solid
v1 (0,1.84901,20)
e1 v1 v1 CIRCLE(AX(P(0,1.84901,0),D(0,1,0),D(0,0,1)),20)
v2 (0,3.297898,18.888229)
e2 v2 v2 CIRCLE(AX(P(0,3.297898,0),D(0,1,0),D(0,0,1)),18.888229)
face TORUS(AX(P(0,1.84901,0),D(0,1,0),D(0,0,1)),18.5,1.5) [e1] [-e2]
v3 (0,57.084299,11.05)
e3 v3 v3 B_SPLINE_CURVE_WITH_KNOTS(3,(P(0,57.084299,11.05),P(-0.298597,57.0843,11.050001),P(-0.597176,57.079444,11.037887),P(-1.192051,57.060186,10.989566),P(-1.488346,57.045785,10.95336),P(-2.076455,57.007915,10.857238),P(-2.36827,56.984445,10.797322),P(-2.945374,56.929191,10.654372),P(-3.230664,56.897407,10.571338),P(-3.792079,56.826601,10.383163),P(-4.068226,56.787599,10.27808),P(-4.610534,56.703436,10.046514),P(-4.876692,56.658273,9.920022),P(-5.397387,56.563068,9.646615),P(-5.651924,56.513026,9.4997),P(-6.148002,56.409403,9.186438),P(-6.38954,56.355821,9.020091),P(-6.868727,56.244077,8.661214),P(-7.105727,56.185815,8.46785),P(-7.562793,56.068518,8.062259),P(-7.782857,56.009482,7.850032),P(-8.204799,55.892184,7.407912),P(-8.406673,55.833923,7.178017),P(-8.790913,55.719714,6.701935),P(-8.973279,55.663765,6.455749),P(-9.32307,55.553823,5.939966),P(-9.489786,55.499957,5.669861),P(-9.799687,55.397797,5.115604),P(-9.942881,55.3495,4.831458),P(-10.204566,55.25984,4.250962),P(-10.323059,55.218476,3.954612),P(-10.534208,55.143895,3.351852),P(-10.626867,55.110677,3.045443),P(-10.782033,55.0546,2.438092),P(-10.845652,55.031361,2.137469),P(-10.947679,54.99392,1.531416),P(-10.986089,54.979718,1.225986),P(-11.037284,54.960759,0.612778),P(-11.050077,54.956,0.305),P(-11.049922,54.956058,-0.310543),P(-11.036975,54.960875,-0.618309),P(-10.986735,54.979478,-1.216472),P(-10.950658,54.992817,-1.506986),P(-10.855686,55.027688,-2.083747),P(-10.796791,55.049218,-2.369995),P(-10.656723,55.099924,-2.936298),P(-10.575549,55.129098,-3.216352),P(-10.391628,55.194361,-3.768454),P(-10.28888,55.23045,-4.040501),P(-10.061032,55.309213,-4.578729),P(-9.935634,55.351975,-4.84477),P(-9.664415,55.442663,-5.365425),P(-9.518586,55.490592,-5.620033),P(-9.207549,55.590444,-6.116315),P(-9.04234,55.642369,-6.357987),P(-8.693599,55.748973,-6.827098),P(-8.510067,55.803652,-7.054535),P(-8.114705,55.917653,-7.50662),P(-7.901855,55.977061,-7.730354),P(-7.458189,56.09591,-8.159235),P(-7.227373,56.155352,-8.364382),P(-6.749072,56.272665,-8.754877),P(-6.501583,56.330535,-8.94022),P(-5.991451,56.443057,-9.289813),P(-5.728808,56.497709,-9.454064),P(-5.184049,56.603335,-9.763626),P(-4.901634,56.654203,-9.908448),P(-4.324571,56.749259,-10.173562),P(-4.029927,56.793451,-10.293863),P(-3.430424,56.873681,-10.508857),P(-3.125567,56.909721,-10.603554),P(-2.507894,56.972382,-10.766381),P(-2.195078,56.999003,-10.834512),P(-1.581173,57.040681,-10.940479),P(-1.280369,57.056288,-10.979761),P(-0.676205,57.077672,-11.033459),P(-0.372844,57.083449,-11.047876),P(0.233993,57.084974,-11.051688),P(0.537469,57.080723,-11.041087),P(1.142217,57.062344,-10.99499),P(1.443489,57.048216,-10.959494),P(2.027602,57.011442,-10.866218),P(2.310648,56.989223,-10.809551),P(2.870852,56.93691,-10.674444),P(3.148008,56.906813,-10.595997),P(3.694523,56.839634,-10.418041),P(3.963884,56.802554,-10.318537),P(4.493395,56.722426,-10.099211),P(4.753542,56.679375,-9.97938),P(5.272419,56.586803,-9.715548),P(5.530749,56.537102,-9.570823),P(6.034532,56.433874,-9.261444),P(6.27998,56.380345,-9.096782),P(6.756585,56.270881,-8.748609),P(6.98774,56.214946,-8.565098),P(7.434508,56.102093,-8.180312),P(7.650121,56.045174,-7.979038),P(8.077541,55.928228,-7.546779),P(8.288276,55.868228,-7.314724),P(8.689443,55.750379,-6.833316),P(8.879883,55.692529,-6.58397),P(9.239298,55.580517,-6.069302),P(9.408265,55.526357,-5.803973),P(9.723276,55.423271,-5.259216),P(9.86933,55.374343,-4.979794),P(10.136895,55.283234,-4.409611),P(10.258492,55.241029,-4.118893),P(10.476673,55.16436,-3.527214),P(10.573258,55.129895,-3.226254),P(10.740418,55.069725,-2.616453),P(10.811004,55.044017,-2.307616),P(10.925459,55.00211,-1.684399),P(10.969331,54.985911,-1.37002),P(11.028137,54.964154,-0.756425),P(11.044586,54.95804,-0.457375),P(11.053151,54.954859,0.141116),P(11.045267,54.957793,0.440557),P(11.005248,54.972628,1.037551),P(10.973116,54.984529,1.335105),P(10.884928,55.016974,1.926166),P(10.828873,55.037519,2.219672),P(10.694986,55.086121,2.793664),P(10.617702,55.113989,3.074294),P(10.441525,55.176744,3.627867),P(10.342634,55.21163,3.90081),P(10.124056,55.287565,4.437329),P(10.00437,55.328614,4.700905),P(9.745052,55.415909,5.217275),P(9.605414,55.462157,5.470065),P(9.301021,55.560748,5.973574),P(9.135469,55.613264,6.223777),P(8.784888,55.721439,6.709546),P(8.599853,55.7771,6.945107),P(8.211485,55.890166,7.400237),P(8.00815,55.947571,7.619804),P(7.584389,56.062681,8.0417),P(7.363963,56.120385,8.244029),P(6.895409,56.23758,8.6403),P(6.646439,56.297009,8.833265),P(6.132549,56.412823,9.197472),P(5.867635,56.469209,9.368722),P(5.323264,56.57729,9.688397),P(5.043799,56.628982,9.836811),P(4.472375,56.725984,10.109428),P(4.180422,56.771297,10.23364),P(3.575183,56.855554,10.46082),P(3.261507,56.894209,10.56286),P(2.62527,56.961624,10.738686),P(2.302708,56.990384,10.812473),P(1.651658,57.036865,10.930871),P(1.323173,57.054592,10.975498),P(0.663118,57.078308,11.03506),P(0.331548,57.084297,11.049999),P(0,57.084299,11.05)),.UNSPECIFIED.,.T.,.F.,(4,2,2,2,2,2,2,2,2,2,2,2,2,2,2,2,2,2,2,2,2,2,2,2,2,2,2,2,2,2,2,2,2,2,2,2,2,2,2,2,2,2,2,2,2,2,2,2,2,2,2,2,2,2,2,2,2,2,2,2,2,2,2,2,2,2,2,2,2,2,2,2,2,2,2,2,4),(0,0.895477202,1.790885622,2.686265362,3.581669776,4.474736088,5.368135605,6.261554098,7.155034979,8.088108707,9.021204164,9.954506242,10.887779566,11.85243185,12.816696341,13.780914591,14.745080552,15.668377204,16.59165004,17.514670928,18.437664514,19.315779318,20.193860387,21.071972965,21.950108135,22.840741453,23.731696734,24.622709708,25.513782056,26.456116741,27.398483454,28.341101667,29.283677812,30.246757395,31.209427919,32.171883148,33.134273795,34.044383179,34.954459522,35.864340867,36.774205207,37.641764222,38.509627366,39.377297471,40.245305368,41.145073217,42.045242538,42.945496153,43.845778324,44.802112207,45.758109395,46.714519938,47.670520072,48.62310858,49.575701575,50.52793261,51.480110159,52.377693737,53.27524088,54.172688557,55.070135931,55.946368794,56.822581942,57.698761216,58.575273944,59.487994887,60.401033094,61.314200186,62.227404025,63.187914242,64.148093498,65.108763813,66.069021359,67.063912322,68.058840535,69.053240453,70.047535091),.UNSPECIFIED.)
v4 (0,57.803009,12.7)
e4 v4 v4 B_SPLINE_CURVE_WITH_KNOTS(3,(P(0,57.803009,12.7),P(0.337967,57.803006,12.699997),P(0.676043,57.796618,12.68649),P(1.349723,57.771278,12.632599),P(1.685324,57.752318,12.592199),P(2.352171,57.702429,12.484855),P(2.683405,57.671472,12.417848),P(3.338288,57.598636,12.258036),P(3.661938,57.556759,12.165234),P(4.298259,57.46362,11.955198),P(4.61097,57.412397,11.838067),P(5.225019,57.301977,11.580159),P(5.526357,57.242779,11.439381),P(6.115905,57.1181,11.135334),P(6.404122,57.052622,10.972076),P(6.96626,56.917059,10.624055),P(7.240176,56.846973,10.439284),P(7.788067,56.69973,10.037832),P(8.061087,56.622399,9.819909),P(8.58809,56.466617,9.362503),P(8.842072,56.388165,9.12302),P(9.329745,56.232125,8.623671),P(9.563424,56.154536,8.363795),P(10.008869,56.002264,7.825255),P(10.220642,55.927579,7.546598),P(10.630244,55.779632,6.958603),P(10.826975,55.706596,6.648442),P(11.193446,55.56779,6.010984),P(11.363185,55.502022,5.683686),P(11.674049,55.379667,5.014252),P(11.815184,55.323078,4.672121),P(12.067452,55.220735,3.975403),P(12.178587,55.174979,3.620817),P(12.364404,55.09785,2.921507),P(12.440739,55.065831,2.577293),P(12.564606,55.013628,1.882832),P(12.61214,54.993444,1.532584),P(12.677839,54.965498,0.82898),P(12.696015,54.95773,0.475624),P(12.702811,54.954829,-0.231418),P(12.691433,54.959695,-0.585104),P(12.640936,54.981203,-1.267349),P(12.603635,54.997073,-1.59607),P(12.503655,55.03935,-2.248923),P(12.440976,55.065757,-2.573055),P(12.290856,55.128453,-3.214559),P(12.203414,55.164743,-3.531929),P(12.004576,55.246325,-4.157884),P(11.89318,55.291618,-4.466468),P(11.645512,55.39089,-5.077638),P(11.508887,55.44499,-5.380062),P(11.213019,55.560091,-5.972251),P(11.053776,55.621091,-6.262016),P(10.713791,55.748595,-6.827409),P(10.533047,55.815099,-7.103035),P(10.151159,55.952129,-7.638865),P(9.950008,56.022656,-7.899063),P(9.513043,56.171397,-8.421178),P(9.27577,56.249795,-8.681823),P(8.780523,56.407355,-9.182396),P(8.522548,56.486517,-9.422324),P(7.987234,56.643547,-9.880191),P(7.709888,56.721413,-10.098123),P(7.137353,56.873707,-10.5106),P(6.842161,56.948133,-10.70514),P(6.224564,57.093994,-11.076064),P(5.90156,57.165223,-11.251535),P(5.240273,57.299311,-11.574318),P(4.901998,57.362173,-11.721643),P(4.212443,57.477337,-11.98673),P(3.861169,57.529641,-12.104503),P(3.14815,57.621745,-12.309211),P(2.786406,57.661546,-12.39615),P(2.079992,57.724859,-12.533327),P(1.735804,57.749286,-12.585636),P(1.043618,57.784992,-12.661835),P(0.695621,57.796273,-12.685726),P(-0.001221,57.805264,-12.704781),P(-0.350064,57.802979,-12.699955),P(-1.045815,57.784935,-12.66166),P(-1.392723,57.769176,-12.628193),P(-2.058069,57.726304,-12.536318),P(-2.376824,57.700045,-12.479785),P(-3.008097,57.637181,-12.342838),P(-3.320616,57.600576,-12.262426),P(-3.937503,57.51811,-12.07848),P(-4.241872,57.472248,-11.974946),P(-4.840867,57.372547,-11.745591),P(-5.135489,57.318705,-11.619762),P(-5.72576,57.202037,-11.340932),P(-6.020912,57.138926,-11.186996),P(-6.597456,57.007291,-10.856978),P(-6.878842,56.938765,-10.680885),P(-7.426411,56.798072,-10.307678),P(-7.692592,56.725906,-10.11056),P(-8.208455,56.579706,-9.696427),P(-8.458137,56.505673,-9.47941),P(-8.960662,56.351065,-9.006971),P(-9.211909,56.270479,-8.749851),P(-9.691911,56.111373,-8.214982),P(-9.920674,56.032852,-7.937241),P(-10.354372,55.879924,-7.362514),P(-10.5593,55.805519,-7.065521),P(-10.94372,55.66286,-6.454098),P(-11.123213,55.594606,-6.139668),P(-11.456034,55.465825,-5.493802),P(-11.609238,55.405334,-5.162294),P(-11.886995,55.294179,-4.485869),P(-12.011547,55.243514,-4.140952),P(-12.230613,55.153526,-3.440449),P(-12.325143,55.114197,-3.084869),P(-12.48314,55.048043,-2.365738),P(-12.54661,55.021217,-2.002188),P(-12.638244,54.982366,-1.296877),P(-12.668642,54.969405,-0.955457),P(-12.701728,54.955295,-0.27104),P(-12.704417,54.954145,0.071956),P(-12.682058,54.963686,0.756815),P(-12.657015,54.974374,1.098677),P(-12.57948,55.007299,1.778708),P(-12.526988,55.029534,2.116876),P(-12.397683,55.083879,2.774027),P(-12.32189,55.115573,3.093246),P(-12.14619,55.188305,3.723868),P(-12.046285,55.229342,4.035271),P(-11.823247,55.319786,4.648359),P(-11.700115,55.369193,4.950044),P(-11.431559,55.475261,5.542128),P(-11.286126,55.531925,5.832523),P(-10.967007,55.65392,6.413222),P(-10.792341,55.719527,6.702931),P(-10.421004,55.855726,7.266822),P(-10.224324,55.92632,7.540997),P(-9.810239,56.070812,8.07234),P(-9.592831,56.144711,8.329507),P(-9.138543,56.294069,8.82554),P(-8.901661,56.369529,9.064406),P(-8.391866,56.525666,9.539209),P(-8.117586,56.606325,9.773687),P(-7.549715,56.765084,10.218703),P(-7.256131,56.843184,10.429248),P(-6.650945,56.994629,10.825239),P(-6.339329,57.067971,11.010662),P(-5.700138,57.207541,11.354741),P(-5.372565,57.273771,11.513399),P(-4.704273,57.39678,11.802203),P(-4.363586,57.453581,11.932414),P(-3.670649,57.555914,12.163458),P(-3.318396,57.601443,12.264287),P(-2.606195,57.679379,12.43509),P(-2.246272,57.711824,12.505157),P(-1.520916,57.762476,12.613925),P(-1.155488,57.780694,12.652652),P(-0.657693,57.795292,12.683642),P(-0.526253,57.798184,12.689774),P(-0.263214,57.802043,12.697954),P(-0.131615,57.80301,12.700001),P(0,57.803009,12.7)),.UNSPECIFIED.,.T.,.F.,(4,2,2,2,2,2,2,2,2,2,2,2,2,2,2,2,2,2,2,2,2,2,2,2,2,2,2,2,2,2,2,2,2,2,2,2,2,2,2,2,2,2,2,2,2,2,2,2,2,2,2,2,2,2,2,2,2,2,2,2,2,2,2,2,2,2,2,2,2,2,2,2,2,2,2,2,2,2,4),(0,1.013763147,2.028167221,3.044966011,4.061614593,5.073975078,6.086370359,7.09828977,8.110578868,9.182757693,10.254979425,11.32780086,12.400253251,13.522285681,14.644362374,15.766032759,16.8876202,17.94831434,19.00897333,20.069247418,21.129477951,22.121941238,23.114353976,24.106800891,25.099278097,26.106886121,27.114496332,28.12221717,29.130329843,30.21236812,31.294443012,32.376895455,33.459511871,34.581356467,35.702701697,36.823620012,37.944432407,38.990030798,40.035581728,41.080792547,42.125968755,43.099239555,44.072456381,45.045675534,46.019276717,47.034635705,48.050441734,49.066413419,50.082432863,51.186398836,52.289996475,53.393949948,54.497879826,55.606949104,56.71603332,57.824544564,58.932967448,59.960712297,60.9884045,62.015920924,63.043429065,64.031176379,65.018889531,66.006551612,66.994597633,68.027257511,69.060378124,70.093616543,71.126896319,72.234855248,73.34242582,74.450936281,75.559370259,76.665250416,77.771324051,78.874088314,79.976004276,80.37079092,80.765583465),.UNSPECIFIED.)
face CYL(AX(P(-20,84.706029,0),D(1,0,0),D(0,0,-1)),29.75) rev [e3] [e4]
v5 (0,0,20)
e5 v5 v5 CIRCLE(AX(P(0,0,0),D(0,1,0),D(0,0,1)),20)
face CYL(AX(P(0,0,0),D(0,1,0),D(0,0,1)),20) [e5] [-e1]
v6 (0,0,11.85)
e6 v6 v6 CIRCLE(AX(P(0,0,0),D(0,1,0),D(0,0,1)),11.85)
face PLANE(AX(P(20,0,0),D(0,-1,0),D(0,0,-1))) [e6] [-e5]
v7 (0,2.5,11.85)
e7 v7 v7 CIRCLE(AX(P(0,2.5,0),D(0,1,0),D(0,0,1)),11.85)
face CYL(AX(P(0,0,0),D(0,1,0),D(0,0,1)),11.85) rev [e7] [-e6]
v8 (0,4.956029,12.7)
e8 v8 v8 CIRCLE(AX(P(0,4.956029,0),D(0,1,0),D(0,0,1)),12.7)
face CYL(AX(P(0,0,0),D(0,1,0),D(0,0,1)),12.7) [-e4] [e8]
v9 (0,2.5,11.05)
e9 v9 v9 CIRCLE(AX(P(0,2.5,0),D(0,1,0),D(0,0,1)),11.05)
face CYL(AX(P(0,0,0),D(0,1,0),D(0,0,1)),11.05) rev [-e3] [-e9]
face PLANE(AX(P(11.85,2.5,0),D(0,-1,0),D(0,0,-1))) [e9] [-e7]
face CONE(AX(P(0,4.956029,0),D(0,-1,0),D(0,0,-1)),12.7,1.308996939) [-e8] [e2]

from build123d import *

# Parameters (mm, degrees)
SKETCH2_R               = 29.75
CUT_EXTRUDE2_DEPTH      = 21
CUT_EXTRUDE2_DEPTH_BACK = 21


with BuildPart() as part:
    # Sketch1 → Revolve1 (revolve)
    with BuildSketch(Plane(origin=(0, 0, 0), x_dir=(-1, 0, 0), z_dir=(0, 0, -1))):
        with BuildLine():
            Line((-12.7, 4.956029105), (-18.888228568, 3.297898257))
            ThreePointArc((-18.888228568, 3.297898257), (-19.69003001, 2.762151662), (-20, 1.849009518))
            Line((-20, 1.849009518), (-20, 0))
            Line((-20, 0), (-11.85, 0))
            Line((-11.85, 0), (-11.85, 2.5))
            Line((-11.85, 2.5), (-11.05, 2.5))
            Line((-11.05, 2.5), (-11.05, 70))
            Line((-11.05, 70), (-12.7, 70))
            Line((-12.7, 70), (-12.7, 4.956029105))
        make_face()
    revolve(axis=Axis((0, 0, 0), (0, 1, 0)))

    # Sketch2 → Cut-Extrude2 (cut, two sides)
    with BuildSketch(Plane(origin=(0, 0, 0), x_dir=(0, 0, -1), z_dir=(1, 0, 0))) as cut_extrude2_sk:
        with Locations((0, 84.706029105)):
            Circle(SKETCH2_R)
    extrude(amount=CUT_EXTRUDE2_DEPTH, mode=Mode.SUBTRACT)
    extrude(cut_extrude2_sk.sketch, amount=-CUT_EXTRUDE2_DEPTH_BACK, mode=Mode.SUBTRACT)


solid = part.part
